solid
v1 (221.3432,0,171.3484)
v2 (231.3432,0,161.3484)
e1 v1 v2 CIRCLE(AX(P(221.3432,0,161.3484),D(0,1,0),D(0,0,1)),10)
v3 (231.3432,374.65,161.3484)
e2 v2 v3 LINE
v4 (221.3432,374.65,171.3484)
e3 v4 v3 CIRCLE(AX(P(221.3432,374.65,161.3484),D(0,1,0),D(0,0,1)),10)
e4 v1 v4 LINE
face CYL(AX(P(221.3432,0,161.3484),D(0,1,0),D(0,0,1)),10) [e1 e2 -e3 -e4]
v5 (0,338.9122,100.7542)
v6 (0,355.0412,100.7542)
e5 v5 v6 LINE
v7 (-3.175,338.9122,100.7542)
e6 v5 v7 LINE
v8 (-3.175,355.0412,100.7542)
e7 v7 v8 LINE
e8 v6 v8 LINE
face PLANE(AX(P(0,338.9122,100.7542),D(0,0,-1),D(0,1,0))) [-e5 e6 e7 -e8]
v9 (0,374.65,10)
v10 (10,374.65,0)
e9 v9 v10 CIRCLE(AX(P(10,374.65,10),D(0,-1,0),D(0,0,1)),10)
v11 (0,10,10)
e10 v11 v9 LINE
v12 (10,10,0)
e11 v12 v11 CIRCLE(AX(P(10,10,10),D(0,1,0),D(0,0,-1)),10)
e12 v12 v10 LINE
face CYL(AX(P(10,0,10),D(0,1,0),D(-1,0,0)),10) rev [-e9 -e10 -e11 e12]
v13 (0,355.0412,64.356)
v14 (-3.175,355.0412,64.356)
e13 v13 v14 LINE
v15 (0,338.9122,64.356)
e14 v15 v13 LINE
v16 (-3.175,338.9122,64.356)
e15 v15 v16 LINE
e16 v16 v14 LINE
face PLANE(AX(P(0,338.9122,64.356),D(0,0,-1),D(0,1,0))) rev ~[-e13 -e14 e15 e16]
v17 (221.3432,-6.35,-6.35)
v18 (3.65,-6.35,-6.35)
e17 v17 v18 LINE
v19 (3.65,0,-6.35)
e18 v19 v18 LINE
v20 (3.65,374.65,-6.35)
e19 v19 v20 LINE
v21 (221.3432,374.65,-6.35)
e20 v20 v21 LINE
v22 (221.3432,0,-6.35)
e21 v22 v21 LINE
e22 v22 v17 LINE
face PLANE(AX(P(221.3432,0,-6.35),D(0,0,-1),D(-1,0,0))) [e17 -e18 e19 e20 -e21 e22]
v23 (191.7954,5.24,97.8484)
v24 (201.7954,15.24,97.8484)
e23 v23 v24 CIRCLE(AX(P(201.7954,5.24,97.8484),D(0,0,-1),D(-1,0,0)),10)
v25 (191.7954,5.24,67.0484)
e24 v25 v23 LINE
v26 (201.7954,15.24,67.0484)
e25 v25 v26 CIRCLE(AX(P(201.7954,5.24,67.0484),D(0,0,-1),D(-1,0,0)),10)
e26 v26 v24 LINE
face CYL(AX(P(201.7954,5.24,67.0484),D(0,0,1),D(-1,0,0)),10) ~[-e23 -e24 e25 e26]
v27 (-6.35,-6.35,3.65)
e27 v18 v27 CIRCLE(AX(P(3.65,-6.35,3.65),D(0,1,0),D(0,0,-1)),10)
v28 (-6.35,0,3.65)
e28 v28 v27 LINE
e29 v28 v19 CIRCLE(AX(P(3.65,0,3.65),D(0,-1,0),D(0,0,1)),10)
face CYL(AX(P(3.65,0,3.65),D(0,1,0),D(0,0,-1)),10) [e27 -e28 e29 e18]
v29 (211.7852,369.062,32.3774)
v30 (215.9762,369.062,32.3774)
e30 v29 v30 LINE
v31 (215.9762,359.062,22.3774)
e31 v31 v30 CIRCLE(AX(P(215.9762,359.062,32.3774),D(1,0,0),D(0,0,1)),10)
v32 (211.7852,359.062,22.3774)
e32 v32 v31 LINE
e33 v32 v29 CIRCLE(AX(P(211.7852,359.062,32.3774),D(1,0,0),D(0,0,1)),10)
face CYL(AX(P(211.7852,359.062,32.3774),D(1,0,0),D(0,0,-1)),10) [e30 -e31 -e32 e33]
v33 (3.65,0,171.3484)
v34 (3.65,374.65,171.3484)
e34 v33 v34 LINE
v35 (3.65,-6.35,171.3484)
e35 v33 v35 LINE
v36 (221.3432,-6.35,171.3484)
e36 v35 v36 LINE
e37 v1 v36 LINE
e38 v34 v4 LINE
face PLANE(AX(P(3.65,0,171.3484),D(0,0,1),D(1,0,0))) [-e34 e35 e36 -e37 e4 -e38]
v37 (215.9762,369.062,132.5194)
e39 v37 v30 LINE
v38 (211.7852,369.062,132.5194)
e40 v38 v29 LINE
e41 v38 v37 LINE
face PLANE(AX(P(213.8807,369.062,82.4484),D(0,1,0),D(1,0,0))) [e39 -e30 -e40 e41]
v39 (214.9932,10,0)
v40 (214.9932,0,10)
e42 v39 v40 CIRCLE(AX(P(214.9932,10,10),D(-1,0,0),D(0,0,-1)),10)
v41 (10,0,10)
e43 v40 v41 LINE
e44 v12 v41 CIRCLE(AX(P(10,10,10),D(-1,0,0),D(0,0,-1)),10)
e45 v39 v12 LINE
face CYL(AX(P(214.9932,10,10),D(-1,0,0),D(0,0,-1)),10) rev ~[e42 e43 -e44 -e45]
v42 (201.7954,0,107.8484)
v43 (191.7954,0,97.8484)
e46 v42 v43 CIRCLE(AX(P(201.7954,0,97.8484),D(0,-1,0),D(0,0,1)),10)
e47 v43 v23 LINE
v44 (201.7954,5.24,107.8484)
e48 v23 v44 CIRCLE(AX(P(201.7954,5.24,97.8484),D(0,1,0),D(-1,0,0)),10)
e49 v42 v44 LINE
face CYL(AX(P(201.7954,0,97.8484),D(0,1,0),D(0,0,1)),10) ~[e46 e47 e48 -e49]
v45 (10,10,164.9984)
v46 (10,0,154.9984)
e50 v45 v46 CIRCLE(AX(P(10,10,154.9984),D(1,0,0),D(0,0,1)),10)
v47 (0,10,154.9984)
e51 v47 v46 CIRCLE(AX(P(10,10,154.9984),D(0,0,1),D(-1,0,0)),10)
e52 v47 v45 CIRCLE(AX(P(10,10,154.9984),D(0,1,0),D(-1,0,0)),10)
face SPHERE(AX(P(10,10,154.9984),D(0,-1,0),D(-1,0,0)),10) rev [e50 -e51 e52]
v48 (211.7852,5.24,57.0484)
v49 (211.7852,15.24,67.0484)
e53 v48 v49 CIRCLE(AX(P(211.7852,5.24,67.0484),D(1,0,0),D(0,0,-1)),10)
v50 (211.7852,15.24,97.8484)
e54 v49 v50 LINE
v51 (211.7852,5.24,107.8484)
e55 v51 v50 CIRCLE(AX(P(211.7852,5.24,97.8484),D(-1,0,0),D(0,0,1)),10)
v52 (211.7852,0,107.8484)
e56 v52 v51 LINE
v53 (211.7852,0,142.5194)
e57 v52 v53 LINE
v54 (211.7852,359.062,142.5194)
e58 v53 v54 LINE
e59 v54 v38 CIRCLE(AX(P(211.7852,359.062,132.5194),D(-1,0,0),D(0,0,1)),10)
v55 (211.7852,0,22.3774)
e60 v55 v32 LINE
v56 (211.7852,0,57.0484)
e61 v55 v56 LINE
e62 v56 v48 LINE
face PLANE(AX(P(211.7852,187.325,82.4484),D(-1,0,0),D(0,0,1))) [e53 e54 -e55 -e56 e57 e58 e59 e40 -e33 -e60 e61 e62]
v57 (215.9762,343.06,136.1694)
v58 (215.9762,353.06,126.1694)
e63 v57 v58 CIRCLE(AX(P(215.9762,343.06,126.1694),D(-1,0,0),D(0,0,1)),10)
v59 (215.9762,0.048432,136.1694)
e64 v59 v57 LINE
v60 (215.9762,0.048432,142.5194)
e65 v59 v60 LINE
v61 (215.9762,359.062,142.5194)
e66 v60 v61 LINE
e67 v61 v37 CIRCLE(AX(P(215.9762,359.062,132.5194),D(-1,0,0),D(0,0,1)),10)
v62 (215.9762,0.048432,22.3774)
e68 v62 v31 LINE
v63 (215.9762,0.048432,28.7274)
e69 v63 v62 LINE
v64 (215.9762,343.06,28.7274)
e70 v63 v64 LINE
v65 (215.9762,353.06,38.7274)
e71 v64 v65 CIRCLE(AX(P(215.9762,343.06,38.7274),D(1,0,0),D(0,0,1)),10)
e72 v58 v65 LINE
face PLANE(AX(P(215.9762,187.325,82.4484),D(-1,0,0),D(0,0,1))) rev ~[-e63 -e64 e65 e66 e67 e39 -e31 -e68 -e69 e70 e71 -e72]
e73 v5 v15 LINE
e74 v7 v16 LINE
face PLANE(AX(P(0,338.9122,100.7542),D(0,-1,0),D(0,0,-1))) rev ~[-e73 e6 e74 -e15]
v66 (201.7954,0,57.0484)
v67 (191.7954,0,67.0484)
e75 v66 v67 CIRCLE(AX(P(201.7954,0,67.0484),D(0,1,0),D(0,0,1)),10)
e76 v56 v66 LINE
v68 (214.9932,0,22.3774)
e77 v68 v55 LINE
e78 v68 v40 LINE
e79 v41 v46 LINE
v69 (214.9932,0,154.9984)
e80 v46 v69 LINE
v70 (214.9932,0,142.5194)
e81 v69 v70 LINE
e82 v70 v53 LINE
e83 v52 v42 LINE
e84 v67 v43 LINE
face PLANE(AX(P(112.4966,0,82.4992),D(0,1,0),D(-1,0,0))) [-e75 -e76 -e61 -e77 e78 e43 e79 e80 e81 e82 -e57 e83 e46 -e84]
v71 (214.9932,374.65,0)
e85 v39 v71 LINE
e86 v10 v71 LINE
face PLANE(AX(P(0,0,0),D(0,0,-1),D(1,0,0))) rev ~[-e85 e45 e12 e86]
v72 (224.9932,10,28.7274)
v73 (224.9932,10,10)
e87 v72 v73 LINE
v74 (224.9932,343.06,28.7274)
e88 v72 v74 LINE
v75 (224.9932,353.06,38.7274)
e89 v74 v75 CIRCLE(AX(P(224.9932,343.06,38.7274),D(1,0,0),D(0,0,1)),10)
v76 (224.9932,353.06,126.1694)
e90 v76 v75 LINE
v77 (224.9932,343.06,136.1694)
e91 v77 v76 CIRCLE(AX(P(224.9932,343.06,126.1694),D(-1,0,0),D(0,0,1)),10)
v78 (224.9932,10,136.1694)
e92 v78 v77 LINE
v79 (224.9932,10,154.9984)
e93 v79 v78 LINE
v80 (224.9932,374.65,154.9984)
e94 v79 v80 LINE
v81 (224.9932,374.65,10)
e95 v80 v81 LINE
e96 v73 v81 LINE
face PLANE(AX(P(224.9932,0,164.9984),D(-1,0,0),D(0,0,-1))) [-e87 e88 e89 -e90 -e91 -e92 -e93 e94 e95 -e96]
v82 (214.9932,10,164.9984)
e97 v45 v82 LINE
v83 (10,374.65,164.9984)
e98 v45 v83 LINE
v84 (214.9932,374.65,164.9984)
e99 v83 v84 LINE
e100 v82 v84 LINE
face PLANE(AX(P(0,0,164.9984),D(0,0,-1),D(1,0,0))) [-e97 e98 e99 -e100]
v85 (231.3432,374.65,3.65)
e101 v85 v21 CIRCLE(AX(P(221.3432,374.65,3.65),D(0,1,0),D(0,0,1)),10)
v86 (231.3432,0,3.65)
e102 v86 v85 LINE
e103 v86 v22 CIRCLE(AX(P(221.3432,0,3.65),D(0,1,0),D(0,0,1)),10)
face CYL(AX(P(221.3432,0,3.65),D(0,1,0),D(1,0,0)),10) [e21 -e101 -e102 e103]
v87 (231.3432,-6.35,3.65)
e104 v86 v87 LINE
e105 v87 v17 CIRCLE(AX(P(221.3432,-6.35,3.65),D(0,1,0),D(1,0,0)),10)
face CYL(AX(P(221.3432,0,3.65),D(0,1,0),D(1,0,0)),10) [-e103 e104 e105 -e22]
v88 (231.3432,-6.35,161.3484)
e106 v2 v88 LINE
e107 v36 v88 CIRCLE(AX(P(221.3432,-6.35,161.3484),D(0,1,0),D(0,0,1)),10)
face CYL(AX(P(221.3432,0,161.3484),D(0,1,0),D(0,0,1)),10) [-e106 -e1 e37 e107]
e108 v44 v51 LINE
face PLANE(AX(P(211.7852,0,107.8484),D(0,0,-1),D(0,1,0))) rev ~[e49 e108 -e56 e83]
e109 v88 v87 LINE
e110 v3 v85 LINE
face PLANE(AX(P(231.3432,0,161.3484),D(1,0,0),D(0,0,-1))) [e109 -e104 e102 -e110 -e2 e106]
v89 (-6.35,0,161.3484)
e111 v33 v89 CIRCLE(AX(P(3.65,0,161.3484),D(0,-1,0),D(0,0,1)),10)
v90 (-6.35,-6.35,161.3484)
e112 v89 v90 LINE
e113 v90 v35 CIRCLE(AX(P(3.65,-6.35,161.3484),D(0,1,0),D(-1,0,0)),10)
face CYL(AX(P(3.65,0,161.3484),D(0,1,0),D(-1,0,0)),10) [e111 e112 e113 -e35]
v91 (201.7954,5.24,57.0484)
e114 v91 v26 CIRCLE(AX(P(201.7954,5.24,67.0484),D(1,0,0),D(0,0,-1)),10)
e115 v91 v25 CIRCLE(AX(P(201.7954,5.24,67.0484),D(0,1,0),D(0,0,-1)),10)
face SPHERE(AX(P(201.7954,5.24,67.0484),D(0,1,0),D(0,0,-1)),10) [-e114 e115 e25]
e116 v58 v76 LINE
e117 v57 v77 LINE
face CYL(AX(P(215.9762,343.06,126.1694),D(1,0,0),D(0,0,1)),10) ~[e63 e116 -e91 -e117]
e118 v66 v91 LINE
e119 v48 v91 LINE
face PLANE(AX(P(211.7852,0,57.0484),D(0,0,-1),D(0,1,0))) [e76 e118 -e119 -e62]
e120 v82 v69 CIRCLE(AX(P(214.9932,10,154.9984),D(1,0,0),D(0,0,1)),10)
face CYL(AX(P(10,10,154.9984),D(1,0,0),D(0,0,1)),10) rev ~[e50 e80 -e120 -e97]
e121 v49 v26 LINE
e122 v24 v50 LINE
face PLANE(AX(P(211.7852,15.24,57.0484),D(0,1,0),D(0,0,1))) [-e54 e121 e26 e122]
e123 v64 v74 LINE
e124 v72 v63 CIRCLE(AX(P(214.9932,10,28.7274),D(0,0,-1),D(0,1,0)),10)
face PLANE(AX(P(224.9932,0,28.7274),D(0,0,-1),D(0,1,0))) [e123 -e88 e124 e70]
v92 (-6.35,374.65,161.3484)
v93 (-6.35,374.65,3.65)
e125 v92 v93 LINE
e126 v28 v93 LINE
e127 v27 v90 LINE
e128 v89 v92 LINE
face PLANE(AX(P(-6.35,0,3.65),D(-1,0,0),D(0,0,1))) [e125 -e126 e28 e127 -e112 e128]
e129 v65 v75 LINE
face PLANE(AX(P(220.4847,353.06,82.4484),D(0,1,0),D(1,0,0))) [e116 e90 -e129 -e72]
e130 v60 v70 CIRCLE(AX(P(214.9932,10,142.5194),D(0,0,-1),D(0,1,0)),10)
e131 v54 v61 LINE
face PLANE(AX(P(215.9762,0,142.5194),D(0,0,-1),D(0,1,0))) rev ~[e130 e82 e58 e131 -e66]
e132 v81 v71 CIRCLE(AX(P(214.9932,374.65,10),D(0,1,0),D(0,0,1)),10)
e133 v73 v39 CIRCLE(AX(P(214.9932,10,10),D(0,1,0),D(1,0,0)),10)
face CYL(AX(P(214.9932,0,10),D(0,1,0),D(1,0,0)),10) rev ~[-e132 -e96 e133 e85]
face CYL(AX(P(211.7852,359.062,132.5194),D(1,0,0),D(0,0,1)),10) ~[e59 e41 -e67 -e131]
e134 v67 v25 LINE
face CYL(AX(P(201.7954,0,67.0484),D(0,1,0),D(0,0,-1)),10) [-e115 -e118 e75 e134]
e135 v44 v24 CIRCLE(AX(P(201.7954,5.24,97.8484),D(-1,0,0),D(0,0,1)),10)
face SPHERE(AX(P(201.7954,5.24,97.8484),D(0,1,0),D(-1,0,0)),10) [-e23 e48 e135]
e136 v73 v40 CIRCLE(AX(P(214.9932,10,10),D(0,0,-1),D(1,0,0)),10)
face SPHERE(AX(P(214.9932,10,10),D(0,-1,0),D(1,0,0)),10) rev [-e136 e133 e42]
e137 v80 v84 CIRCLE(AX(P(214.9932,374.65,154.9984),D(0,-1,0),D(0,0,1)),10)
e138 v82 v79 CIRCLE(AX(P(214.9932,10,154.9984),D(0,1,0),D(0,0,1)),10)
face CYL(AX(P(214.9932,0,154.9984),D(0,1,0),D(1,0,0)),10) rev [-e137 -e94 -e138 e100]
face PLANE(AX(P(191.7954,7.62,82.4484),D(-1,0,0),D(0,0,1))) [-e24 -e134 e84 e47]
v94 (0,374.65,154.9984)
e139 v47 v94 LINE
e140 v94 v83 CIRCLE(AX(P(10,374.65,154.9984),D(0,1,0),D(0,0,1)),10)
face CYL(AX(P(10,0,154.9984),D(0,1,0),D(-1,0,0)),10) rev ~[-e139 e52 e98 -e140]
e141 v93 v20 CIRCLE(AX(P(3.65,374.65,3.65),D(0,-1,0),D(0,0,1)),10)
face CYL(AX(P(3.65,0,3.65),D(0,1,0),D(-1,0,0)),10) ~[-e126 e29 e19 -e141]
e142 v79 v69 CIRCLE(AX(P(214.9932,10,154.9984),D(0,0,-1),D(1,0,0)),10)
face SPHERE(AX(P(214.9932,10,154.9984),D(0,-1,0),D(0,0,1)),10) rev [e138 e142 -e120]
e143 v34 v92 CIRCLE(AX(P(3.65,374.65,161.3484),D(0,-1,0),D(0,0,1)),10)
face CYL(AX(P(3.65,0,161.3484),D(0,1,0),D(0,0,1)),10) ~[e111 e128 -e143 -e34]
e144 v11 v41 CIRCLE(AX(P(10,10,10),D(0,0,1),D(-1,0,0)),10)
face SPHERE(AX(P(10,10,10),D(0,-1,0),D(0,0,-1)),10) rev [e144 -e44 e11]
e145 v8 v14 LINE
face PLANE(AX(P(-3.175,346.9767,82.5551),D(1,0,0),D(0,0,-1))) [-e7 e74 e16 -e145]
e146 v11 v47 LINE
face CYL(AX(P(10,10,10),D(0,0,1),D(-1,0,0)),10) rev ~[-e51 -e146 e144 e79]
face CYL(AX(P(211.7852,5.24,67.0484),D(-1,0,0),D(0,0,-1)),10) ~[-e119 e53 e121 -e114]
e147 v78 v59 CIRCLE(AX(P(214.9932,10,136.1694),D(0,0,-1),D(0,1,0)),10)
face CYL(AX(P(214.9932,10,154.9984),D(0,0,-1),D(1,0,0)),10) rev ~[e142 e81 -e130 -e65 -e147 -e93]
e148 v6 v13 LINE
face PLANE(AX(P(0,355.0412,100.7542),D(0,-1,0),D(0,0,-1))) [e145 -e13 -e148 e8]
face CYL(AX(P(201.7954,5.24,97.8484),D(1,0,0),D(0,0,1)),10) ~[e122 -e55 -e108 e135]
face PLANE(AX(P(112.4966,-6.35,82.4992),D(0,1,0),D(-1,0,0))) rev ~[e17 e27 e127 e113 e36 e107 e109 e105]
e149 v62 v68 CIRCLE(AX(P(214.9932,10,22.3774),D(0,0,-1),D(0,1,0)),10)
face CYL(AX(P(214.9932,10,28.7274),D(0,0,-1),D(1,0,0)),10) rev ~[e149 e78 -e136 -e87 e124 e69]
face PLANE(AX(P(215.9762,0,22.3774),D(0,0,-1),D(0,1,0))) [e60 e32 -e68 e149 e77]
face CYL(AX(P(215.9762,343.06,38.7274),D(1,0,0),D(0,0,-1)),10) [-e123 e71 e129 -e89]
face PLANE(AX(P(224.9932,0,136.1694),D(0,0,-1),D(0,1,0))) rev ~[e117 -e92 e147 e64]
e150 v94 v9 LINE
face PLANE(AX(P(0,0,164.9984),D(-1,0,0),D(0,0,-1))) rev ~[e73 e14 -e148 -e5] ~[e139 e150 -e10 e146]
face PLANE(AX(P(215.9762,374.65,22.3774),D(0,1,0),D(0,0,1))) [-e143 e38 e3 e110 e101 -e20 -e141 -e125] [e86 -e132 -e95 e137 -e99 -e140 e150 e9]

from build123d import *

# Parameters (mm, degrees)
SKETCH1_W           = 237.6932
SKETCH1_H           = 177.6984
SKETCH1_W_2         = 224.9932
SKETCH1_H_2         = 164.9984
BOSS_EXTRUDE1_DEPTH = 374.65
SKETCH4_W           = 107.442
SKETCH4_H           = 374.65
BOSS_EXTRUDE2_DEPTH = 9.017
SKETCH5_W           = 120.142
SKETCH5_H           = 374.65
BOSS_EXTRUDE3_DEPTH = 4.191
SKETCH7_W           = 9.017
SKETCH7_H           = 107.442
CUT_EXTRUDE1_DEPTH  = 21.59
SKETCH10_W          = 4.191
SKETCH10_H          = 120.142
CUT_EXTRUDE2_DEPTH  = 5.588
FILLET1_R           = 10
FILLET2_R           = 10
FILLET3_R           = 10
FILLET4_R           = 10
FILLET5_R           = 10
FILLET6_R           = 10
FILLET7_R           = 10
SKETCH11_W          = 50.8
SKETCH11_H          = 15.24
BOSS_EXTRUDE4_DEPTH = 19.9898
FILLET10_R          = 10
FILLET11_R          = 10
BOSS_EXTRUDE5_DEPTH = 6.35
FILLET13_R          = 10
SKETCH13_W          = 36.3982
SKETCH13_H          = 16.129
CUT_EXTRUDE4_DEPTH  = 3.175


with BuildPart() as part:
    # Sketch1 → Boss-Extrude1 (new body)
    with BuildSketch(Plane(origin=(0, 0, 0), x_dir=(1, 0, 0), z_dir=(0, 1, 0))):
        with Locations((112.4966, -82.4992)):
            Rectangle(SKETCH1_W, SKETCH1_H)
        with Locations((112.4966, -82.4992)):
            Rectangle(SKETCH1_W_2, SKETCH1_H_2, mode=Mode.SUBTRACT)
    extrude(amount=BOSS_EXTRUDE1_DEPTH)

    # Sketch4 → Boss-Extrude2 (add)
    with BuildSketch(Plane.ZY.offset(-224.9932)):
        with Locations((82.4484, 187.325)):
            Rectangle(SKETCH4_W, SKETCH4_H)
    extrude(amount=BOSS_EXTRUDE2_DEPTH)

    # Sketch5 → Boss-Extrude3 (add)
    with BuildSketch(Plane.ZY.offset(-215.9762)):
        with Locations((82.4484, 187.325)):
            Rectangle(SKETCH5_W, SKETCH5_H)
    extrude(amount=BOSS_EXTRUDE3_DEPTH)

    # Sketch7 → Cut-Extrude1 (cut)
    with BuildSketch(Plane(origin=(0, 374.65, 0), x_dir=(1, 0, 0), z_dir=(0, 1, 0))):
        with Locations((220.4847, -82.4484)):
            Rectangle(SKETCH7_W, SKETCH7_H)
    extrude(amount=-CUT_EXTRUDE1_DEPTH, mode=Mode.SUBTRACT)

    # Sketch10 → Cut-Extrude2 (cut)
    with BuildSketch(Plane(origin=(0, 374.65, 0), x_dir=(1, 0, 0), z_dir=(0, 1, 0))):
        with Locations((213.8807, -82.4484)):
            Rectangle(SKETCH10_W, SKETCH10_H)
    extrude(amount=-CUT_EXTRUDE2_DEPTH, mode=Mode.SUBTRACT)

    # Fillet1
    fillet1_edges = [part.edges().sort_by_distance(p)[0] for p in [
        (231.3432, 187.325, 171.3484),
    ]]
    fillet(fillet1_edges, radius=FILLET1_R)

    # Fillet2
    fillet2_edges = [part.edges().sort_by_distance(p)[0] for p in [
        (224.9932, 187.325, 164.9984),
    ]]
    fillet(fillet2_edges, radius=FILLET2_R)

    # Fillet3
    fillet3_edges = [part.edges().sort_by_distance(p)[0] for p in [
        (224.9932, 187.325, 0),
        (231.3432, 187.325, -6.35),
    ]]
    fillet(fillet3_edges, radius=FILLET3_R)

    # Fillet4
    fillet4_edges = [part.edges().sort_by_distance(p)[0] for p in [
        (0, 187.325, 164.9984),
        (-6.35, 187.325, 171.3484),
    ]]
    fillet(fillet4_edges, radius=FILLET4_R)

    # Fillet5
    fillet5_edges = [part.edges().sort_by_distance(p)[0] for p in [
        (0, 187.325, 0),
        (-6.35, 187.325, -6.35),
    ]]
    fillet(fillet5_edges, radius=FILLET5_R)

    # Fillet6
    fillet6_edges = [part.edges().sort_by_distance(p)[0] for p in [
        (220.4847, 353.06, 28.7274),
        (220.4847, 353.06, 136.1694),
    ]]
    fillet(fillet6_edges, radius=FILLET6_R)

    # Fillet7
    fillet7_edges = [part.edges().sort_by_distance(p)[0] for p in [
        (213.8807, 369.062, 22.3774),
        (213.8807, 369.062, 142.5194),
    ]]
    fillet(fillet7_edges, radius=FILLET7_R)

    # Sketch11 → Boss-Extrude4 (add)
    with BuildSketch(Plane.ZY.offset(-211.7852)):
        with Locations((82.4484, 7.62)):
            Rectangle(SKETCH11_W, SKETCH11_H)
    extrude(amount=BOSS_EXTRUDE4_DEPTH)

    # Fillet10
    fillet10_edges = [part.edges().sort_by_distance(p)[0] for p in [
        (191.7954, 7.62, 57.0484),
        (191.7954, 7.62, 107.8484),
    ]]
    fillet(fillet10_edges, radius=FILLET10_R)

    # Fillet11
    fillet11_edges = [part.edges().sort_by_distance(p)[0] for p in [
        (191.7954, 15.24, 82.4484),
        (206.7903, 15.24, 57.0484),
        (206.7903, 15.24, 107.8484),
        (194.724332188, 15.24, 59.977332188),
        (194.724332188, 15.24, 104.919467812),
    ]]
    fillet(fillet11_edges, radius=FILLET11_R)

    # Sketch12 → Boss-Extrude5 (add)
    with BuildSketch(Plane.XZ):
        with BuildLine():
            Line((231.3432, 161.3484), (231.3432, 3.65))
            ThreePointArc((231.3432, 3.65), (228.414267812, -3.421067812), (221.3432, -6.35))
            Line((221.3432, -6.35), (3.65, -6.35))
            ThreePointArc((3.65, -6.35), (-3.421067812, -3.421067812), (-6.35, 3.65))
            Line((-6.35, 3.65), (-6.35, 161.3484))
            ThreePointArc((-6.35, 161.3484), (-3.421067812, 168.419467812), (3.65, 171.3484))
            Line((3.65, 171.3484), (221.3432, 171.3484))
            ThreePointArc((221.3432, 171.3484), (228.414267812, 168.419467812), (231.3432, 161.3484))
        make_face()
    extrude(amount=BOSS_EXTRUDE5_DEPTH)

    # Fillet13
    fillet13_edges = [part.edges().sort_by_distance(p)[0] for p in [
        (224.9932, 0, 19.3637),
        (222.064267812, 0, 2.928932188),
        (112.4966, 0, 0),
        (2.928932188, 0, 2.928932188),
        (224.9932, 0, 145.5839),
        (222.064267812, 0, 162.069467812),
        (112.4966, 0, 164.9984),
        (2.928932188, 0, 162.069467812),
        (0, 0, 82.4992),
    ]]
    fillet(fillet13_edges, radius=FILLET13_R)

    # Sketch13 → Cut-Extrude4 (cut)
    with BuildSketch(Plane(origin=(0, 0, 0), x_dir=(0, 0, -1), z_dir=(1, 0, 0))):
        with Locations((-82.5551, 346.9767)):
            Rectangle(SKETCH13_W, SKETCH13_H)
    extrude(amount=-CUT_EXTRUDE4_DEPTH, mode=Mode.SUBTRACT)


solid = part.part
